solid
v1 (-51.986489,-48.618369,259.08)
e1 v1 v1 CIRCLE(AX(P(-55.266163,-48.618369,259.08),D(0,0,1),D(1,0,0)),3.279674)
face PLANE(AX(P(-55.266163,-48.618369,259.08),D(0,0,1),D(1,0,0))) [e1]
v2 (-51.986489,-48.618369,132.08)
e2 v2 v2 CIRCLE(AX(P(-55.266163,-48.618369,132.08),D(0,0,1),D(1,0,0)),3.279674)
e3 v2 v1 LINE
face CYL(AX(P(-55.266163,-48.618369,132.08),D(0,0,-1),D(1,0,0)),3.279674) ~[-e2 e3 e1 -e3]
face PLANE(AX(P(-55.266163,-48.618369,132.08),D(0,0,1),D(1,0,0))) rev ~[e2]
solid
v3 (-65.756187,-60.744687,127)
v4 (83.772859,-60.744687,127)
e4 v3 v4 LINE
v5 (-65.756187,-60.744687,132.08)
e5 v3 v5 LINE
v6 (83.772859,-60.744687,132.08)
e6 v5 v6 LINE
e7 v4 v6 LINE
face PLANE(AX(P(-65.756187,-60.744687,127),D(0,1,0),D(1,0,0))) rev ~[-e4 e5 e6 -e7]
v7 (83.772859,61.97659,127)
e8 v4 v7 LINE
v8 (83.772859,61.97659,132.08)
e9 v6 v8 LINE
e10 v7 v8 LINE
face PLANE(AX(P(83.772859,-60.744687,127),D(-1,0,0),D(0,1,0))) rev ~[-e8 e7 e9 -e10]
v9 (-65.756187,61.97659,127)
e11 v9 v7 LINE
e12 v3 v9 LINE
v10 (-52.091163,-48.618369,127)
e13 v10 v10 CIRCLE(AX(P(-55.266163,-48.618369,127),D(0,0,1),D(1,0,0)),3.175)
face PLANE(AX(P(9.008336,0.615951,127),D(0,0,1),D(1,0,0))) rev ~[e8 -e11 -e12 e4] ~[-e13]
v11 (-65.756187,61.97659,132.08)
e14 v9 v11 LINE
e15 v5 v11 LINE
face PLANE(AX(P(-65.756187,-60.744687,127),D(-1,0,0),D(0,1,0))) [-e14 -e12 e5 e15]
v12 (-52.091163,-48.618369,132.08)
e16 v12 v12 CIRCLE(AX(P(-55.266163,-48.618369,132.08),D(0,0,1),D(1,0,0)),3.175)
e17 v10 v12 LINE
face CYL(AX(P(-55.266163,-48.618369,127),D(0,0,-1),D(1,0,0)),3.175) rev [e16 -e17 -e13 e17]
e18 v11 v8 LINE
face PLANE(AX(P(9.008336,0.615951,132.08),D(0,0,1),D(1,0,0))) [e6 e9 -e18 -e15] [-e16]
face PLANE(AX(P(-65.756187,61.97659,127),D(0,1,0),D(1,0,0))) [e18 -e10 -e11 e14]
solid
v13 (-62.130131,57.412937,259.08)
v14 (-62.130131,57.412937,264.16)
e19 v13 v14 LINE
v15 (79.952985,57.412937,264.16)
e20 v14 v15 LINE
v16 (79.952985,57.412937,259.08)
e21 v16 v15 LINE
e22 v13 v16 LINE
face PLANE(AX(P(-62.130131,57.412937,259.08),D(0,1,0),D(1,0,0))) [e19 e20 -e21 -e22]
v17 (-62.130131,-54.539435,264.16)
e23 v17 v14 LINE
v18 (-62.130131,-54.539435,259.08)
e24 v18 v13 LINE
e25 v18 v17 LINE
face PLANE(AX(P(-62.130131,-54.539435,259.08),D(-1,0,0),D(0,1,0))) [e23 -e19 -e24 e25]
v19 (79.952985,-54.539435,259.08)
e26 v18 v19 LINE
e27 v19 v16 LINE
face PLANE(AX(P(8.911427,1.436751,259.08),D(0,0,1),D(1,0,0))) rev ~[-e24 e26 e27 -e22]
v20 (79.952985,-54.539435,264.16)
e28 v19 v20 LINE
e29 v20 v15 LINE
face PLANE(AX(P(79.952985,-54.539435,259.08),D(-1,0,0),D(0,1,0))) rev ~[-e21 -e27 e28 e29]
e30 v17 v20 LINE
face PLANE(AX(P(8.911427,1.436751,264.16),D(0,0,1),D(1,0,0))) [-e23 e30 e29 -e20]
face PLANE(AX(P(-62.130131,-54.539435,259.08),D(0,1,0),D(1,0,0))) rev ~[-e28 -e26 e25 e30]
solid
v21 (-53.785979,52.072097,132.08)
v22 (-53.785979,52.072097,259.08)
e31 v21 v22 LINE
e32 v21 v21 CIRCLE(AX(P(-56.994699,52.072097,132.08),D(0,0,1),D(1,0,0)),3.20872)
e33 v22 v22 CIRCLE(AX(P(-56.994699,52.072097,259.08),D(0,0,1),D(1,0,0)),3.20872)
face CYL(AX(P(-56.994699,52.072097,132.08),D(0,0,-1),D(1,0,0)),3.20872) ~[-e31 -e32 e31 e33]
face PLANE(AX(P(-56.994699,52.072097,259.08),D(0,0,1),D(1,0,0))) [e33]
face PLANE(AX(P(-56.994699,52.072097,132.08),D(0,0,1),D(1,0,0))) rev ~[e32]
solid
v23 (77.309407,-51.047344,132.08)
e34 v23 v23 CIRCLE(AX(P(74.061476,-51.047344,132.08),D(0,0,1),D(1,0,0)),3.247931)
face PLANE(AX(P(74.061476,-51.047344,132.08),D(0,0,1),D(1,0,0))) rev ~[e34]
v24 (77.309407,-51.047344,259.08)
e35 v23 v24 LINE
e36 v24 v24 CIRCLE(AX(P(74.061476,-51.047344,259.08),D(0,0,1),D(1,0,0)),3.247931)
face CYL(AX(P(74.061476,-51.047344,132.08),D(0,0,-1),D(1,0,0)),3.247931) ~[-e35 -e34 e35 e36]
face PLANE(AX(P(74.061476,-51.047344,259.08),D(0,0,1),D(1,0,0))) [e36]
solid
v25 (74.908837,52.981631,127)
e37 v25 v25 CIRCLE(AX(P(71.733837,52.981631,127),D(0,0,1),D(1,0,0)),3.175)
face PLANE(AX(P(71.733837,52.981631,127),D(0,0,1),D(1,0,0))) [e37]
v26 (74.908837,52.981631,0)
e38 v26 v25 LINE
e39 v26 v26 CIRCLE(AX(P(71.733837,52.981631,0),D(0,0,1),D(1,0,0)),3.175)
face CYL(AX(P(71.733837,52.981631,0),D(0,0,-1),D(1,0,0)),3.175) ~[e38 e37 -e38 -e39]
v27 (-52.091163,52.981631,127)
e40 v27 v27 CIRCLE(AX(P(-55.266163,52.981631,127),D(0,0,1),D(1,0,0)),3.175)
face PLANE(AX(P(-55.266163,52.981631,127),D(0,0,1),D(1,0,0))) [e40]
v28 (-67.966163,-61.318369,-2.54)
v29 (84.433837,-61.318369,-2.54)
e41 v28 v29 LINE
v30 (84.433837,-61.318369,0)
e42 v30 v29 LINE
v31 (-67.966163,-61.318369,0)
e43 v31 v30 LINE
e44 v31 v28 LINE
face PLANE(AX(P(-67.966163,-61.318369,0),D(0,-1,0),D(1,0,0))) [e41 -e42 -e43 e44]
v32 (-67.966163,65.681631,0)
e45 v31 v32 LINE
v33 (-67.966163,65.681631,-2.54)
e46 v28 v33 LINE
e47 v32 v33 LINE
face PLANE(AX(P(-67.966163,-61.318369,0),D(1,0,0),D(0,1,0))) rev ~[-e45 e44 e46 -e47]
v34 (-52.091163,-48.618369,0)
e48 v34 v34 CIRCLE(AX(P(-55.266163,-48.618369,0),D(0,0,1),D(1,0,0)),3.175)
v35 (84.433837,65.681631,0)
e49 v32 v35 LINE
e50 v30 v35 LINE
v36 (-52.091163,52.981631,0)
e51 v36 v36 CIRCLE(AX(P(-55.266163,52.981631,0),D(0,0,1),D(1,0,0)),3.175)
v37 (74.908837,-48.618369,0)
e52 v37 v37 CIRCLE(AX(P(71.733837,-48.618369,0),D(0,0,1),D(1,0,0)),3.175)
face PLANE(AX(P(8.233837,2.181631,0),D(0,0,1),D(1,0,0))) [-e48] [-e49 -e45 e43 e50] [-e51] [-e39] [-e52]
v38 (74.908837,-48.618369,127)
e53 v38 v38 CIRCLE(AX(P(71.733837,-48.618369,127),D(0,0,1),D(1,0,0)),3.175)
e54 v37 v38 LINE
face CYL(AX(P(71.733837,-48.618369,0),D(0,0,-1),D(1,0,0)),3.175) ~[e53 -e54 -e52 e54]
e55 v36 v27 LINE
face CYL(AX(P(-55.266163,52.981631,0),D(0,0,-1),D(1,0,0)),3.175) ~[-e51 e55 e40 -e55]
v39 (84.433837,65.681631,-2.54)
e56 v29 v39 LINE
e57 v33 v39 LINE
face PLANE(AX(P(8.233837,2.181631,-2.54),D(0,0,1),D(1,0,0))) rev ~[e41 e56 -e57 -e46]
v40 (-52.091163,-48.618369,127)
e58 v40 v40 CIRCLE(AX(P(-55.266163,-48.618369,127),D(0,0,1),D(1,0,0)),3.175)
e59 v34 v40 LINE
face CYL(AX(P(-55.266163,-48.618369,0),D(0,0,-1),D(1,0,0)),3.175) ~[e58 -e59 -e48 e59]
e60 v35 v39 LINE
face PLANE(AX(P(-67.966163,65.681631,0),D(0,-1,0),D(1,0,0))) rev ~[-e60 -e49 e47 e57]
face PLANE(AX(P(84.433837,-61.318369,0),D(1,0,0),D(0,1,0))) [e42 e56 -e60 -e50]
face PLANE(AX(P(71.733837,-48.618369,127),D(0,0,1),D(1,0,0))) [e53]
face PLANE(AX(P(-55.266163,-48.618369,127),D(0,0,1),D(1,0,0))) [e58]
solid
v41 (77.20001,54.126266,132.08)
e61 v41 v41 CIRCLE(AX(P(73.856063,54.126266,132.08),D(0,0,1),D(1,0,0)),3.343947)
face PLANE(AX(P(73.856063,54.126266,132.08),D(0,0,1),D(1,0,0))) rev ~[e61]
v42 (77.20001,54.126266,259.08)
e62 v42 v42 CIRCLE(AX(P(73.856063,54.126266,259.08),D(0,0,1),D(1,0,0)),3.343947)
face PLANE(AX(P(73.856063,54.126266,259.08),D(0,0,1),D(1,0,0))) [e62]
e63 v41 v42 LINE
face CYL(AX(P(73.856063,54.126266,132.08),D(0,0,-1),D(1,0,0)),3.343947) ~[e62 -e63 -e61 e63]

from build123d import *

# Parameters (mm, degrees)
F0_W     = 152.4
F0_H     = 127
F1_DEPTH = 2.54
F2_R     = 3.175
F3_DEPTH = 127
F4_W     = 149.529047
F4_H     = 122.721277
F4_R     = 3.175
F5_DEPTH = 5.08
F6_R     = 3.279674
F6_R_2   = 3.20872
F6_R_3   = 3.343947
F6_R_4   = 3.247931
F7_DEPTH = 127
F8_W     = 142.083116
F8_H     = 111.952372
F9_DEPTH = 5.08


with BuildPart() as f1:
    # F0 (on Top) → F1 (new body)
    with BuildSketch(Plane.XY):
        with Locations((8.233837, 2.181631)):
            Rectangle(F0_W, F0_H)
    extrude(amount=-F1_DEPTH)

    # F2 (on face) → F3 (join)
    with BuildSketch(Plane.XY):
        with Locations((-55.266163, -48.618369)):
            Circle(F2_R)
        with Locations((-55.266163, 52.981631)):
            Circle(F2_R)
        with Locations((71.733837, 52.981631)):
            Circle(F2_R)
        with Locations((71.733837, -48.618369)):
            Circle(F2_R)
    extrude(amount=F3_DEPTH)


with BuildPart() as f5:
    # F4 (on face) → F5 (new body)
    with BuildSketch(Plane.XY.offset(127)):
        with Locations((9.008336, 0.615951)):
            Rectangle(F4_W, F4_H)
        with Locations((-55.266163, -48.618369)):
            Circle(F4_R, mode=Mode.SUBTRACT)
    extrude(amount=F5_DEPTH)


with BuildPart() as f7:
    # F6 (on face) → F7 (new body)
    with BuildSketch(Plane.XY.offset(132.08)):
        with Locations((-55.266163, -48.618369)):
            Circle(F6_R)
        with Locations((-56.994699, 52.072097)):
            Circle(F6_R_2)
        with Locations((73.856063, 54.126266)):
            Circle(F6_R_3)
        with Locations((74.061476, -51.047344)):
            Circle(F6_R_4)
    extrude(amount=F7_DEPTH)


with BuildPart() as f9:
    # F8 (on face) → F9 (new body)
    with BuildSketch(Plane.XY.offset(259.08)):
        with Locations((8.911427, 1.436751)):
            Rectangle(F8_W, F8_H)
    extrude(amount=F9_DEPTH)


solid = Compound([f1.part, f5.part, f7.part, f9.part])
